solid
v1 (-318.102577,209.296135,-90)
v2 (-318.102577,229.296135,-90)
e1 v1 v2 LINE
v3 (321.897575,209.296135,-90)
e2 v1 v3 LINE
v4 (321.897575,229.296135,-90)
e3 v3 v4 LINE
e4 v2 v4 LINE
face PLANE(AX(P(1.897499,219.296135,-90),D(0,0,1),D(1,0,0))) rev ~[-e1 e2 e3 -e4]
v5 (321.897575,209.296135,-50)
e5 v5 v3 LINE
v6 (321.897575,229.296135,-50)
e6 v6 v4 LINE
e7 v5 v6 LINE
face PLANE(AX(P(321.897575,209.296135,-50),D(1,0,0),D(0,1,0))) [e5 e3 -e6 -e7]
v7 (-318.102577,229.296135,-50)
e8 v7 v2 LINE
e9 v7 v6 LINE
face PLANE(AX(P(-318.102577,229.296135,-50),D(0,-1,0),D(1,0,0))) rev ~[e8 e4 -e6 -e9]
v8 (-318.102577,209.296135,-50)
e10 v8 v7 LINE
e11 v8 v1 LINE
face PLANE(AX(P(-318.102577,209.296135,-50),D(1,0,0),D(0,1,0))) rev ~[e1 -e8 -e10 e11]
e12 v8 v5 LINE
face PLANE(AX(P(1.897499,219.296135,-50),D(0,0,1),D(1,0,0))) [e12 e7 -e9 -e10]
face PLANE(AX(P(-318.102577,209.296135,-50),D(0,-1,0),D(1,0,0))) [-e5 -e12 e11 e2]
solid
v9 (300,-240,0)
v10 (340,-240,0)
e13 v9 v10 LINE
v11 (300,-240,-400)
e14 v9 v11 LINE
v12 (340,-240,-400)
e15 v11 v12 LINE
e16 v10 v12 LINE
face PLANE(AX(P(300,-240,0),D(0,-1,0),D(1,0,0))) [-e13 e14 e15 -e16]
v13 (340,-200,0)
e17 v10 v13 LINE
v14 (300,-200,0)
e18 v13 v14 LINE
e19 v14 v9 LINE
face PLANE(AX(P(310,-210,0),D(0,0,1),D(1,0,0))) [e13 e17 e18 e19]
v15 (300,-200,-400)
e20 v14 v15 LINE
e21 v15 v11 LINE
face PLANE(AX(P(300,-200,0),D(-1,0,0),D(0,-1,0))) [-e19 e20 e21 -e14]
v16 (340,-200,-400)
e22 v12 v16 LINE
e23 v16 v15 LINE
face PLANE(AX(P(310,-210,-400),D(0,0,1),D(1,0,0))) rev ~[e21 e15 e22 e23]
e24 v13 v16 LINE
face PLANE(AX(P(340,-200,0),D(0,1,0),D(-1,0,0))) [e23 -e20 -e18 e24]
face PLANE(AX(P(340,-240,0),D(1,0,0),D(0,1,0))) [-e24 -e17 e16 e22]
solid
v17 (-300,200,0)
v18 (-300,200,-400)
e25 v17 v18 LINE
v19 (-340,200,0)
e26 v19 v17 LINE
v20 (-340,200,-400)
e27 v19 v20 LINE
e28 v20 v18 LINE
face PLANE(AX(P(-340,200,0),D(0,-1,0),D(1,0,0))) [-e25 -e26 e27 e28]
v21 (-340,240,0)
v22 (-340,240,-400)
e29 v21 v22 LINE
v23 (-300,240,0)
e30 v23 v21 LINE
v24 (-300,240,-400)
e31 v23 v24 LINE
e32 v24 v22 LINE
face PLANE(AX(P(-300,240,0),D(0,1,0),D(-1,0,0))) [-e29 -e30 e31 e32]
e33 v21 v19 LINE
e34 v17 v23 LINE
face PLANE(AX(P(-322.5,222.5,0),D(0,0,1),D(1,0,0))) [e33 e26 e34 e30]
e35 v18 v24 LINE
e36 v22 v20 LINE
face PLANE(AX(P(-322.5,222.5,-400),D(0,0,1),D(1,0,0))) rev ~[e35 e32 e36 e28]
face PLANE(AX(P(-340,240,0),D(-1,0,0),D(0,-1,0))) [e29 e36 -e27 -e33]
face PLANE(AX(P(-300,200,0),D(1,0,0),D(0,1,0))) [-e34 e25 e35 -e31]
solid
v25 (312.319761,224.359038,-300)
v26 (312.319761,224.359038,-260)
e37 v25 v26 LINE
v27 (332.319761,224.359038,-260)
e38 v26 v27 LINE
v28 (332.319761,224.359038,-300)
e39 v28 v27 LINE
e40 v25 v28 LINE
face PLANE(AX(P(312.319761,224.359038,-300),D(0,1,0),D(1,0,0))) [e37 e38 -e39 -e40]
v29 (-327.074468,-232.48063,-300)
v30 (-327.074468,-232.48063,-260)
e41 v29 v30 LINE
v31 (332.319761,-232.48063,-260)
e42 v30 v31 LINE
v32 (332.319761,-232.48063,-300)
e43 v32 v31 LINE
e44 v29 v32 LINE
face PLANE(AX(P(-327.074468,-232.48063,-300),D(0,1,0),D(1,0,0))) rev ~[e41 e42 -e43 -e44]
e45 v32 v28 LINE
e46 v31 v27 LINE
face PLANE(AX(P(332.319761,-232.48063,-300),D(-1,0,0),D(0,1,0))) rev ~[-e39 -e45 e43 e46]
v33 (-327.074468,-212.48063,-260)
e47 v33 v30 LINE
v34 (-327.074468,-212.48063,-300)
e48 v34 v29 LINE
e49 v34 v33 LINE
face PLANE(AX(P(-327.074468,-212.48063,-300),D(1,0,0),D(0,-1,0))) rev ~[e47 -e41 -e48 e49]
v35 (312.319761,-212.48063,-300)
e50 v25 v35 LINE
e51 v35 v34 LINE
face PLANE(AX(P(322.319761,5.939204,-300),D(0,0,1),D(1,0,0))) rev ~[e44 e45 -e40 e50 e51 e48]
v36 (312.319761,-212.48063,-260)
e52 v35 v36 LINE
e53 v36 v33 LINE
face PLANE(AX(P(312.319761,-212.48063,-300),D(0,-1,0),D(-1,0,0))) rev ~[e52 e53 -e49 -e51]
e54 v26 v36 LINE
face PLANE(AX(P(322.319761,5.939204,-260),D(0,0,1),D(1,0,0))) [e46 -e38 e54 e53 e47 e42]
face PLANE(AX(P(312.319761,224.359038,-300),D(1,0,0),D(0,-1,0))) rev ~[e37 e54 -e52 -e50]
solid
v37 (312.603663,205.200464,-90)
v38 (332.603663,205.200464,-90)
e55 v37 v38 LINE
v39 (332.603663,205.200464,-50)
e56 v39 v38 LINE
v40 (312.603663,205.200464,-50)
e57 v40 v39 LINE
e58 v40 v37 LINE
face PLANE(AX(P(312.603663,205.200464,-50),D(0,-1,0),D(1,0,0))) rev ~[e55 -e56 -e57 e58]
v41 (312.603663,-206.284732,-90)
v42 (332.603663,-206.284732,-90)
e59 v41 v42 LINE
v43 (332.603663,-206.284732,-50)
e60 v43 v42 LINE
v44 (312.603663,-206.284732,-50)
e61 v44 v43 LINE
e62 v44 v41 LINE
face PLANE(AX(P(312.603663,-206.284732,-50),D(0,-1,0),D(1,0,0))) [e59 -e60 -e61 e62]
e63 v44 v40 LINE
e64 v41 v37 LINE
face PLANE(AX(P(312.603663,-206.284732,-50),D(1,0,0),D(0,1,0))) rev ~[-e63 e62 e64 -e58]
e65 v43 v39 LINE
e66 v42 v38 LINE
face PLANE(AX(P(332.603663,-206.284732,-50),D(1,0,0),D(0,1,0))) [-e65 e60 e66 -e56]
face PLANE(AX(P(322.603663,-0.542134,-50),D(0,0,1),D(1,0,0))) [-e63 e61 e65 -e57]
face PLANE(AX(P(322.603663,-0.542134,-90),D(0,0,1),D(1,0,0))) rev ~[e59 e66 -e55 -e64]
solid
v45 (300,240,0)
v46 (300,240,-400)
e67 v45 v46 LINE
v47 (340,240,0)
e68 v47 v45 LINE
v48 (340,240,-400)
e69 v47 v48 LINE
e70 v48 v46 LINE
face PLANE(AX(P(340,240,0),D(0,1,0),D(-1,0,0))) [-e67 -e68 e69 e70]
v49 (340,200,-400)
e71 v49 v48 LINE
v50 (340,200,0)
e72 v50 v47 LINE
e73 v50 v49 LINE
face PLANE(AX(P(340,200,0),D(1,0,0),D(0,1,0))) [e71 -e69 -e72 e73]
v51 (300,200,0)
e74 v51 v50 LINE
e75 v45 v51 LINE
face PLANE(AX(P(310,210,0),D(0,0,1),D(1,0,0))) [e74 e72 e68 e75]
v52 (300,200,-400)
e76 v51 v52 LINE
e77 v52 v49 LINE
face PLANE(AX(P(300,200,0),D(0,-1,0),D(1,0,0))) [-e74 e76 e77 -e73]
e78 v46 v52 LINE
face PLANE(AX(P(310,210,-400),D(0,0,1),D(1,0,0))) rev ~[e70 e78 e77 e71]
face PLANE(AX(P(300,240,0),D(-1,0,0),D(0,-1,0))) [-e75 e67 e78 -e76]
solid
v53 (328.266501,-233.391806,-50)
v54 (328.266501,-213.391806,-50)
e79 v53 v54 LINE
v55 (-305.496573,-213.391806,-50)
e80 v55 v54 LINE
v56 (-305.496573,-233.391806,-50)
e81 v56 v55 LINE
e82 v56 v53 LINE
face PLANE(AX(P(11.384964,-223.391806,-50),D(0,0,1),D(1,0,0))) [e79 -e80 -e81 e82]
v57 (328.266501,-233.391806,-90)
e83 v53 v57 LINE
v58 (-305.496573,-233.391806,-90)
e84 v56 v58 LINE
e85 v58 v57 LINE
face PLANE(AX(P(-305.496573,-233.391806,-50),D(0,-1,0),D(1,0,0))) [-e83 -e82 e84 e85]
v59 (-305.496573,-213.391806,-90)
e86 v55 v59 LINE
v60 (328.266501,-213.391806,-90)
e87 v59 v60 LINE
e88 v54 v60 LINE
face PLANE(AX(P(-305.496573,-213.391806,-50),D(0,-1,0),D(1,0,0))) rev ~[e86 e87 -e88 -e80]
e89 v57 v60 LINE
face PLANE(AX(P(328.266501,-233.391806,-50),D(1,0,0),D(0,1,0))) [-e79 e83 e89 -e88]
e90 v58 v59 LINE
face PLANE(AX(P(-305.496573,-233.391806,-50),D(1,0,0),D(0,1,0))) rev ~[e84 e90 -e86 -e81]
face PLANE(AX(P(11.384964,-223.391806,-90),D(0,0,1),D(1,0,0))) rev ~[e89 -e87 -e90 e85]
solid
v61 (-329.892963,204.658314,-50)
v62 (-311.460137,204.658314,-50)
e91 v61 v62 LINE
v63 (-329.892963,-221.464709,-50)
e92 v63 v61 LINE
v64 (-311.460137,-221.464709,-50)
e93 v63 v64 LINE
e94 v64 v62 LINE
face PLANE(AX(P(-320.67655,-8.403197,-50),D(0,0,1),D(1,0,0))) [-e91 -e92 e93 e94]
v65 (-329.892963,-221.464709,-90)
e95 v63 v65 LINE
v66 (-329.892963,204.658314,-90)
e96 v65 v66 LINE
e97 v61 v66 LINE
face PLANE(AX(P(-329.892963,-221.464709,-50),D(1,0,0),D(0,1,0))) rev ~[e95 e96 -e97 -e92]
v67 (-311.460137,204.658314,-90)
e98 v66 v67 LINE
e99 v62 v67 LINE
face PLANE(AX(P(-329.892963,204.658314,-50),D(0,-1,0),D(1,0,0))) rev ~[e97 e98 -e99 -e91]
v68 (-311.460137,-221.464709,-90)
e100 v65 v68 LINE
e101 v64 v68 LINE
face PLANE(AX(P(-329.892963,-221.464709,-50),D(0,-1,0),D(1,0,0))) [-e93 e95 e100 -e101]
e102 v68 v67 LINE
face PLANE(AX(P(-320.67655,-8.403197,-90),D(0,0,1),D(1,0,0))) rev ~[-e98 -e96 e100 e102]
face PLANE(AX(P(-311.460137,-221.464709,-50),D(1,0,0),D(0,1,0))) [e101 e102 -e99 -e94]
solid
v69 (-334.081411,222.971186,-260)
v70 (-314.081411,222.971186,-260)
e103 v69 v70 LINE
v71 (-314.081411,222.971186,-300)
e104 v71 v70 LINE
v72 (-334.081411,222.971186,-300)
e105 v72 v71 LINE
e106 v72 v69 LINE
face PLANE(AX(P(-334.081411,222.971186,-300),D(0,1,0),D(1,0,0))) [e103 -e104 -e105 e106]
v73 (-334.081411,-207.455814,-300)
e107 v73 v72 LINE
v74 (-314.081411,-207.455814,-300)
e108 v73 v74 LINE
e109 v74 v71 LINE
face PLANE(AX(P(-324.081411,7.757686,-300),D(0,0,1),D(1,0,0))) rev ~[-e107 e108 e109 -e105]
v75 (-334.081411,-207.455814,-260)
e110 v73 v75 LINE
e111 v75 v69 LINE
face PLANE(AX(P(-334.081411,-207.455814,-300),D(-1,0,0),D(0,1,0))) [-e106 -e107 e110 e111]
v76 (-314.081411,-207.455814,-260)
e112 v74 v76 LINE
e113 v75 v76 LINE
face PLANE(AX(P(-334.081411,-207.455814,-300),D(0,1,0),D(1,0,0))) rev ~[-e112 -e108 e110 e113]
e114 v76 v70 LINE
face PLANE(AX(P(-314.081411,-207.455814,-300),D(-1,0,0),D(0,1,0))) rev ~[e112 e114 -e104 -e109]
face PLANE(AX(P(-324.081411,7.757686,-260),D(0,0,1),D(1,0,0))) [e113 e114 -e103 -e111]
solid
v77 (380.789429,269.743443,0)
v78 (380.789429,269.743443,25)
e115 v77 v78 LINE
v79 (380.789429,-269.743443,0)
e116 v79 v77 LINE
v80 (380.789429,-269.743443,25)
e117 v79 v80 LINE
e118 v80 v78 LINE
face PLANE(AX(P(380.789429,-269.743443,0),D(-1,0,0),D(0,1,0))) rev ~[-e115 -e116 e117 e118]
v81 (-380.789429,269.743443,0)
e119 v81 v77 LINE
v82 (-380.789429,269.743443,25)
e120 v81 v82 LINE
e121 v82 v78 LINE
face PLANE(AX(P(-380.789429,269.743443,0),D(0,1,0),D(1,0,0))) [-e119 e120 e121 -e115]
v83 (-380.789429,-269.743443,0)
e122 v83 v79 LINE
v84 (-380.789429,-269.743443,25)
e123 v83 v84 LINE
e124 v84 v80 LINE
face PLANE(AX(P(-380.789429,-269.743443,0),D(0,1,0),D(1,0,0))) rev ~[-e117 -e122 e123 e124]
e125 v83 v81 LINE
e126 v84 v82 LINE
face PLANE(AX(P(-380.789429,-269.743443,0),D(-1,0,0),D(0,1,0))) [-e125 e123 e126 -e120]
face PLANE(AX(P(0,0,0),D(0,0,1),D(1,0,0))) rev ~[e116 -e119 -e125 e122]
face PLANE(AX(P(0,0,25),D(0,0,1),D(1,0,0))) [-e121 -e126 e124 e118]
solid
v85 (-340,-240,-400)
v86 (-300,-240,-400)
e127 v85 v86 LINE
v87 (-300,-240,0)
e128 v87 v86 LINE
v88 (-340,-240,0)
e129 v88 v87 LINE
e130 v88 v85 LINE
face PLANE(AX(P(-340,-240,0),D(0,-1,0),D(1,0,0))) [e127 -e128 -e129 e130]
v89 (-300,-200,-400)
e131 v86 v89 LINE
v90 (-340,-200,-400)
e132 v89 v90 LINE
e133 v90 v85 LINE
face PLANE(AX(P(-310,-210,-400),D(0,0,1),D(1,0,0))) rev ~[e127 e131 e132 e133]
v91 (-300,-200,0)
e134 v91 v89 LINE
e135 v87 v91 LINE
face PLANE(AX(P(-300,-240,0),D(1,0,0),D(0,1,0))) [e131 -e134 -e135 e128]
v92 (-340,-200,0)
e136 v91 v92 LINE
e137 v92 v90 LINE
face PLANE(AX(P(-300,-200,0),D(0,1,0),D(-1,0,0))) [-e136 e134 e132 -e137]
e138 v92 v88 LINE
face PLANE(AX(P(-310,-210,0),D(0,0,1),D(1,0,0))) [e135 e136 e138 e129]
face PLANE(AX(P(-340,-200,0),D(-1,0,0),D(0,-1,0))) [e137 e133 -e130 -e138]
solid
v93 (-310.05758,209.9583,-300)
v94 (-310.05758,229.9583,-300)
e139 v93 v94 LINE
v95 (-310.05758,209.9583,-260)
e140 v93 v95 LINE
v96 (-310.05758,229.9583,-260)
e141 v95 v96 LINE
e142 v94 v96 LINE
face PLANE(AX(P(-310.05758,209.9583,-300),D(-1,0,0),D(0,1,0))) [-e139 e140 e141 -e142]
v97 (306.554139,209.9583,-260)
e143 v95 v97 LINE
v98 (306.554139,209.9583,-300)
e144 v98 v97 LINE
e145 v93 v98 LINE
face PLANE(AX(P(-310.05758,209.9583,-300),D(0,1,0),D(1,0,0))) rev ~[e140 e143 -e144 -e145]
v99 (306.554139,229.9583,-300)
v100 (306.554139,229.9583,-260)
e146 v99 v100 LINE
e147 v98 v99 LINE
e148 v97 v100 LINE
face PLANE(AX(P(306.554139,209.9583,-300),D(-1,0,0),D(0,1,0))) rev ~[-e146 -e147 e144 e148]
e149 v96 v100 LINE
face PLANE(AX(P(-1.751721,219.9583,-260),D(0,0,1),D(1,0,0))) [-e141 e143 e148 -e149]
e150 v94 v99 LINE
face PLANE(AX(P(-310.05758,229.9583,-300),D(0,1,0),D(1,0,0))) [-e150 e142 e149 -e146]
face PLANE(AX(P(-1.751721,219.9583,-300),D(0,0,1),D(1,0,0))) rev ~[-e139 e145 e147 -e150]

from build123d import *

# Parameters (mm, degrees)
F0_W     = 20
F0_H     = 20
F1_DEPTH = 400
F3_W     = 18.432826
F3_H     = 426.123023
F3_W_2   = 640.000152
F3_H_2   = 20
F3_W_3   = 20
F3_H_3   = 411.485196
F3_W_4   = 633.763074
F4_DEPTH = 40
F6_W     = 20
F6_H     = 436.839668
F6_H_2   = 11.878408
F6_H_3   = 430.427
F6_W_2   = 616.611719
F6_H_4   = 20
F7_DEPTH = 40
F8_W     = 761.578858
F8_H     = 539.486886
F9_DEPTH = 25


with BuildPart() as f1:
    # F0 (on Top) → F1 (new body)
    with BuildSketch(Plane.XY):
        Polygon((-320, 220), (-300, 220), (-300, 240), (-340, 240), (-340, 200), (-320, 200), align=None)
        with Locations((-310, 210)):
            Rectangle(F0_W, F0_H)
        with Locations((310, 210)):
            Rectangle(F0_W, F0_H)
        Polygon((300, 220), (320, 220), (320, 200), (340, 200), (340, 240), (300, 240), align=None)
        with Locations((310, -210)):
            Rectangle(F0_W, F0_H)
        Polygon((340, -200), (320, -200), (320, -220), (300, -220), (300, -240), (340, -240), align=None)
        with Locations((-310, -210)):
            Rectangle(F0_W, F0_H)
        Polygon((-320, -220), (-320, -200), (-340, -200), (-340, -240), (-300, -240), (-300, -220), align=None)
    extrude(amount=-F1_DEPTH)


with BuildPart() as f4:
    # F3 (on offset) → F4 (new body)
    with BuildSketch(Plane.XY.offset(-50)):
        with Locations((-320.67655, -8.403197)):
            Rectangle(F3_W, F3_H)
        with Locations((1.897499, 219.296135)):
            Rectangle(F3_W_2, F3_H_2)
        with Locations((322.603663, -0.542134)):
            Rectangle(F3_W_3, F3_H_3)
        with Locations((11.384964, -223.391806)):
            Rectangle(F3_W_4, F3_H_2)
    extrude(amount=-F4_DEPTH)


with BuildPart() as f7:
    # F6 (on offset) → F7 (new body)
    with BuildSketch(Plane.XY.offset(-300)):
        with Locations((322.319761, 5.939204)):
            Rectangle(F6_W, F6_H)
        with Locations((322.319761, -218.419834)):
            Rectangle(F6_W, F6_H_2)
        Polygon((312.319761, -224.359038), (312.319761, -212.48063), (-327.074468, -212.48063), (-327.074468, -232.48063), (332.319761, -232.48063), (332.319761, -224.359038), align=None)
        with Locations((-324.081411, 7.757686)):
            Rectangle(F6_W, F6_H_3)
        with Locations((-1.751721, 219.9583)):
            Rectangle(F6_W_2, F6_H_4)
    extrude(amount=F7_DEPTH)


with BuildPart() as f9:
    # F8 (on Top) → F9 (new body)
    with BuildSketch(Plane.XY):
        Rectangle(F8_W, F8_H)
    extrude(amount=F9_DEPTH)


solid = Compound([f1.part, f4.part, f7.part, f9.part])
